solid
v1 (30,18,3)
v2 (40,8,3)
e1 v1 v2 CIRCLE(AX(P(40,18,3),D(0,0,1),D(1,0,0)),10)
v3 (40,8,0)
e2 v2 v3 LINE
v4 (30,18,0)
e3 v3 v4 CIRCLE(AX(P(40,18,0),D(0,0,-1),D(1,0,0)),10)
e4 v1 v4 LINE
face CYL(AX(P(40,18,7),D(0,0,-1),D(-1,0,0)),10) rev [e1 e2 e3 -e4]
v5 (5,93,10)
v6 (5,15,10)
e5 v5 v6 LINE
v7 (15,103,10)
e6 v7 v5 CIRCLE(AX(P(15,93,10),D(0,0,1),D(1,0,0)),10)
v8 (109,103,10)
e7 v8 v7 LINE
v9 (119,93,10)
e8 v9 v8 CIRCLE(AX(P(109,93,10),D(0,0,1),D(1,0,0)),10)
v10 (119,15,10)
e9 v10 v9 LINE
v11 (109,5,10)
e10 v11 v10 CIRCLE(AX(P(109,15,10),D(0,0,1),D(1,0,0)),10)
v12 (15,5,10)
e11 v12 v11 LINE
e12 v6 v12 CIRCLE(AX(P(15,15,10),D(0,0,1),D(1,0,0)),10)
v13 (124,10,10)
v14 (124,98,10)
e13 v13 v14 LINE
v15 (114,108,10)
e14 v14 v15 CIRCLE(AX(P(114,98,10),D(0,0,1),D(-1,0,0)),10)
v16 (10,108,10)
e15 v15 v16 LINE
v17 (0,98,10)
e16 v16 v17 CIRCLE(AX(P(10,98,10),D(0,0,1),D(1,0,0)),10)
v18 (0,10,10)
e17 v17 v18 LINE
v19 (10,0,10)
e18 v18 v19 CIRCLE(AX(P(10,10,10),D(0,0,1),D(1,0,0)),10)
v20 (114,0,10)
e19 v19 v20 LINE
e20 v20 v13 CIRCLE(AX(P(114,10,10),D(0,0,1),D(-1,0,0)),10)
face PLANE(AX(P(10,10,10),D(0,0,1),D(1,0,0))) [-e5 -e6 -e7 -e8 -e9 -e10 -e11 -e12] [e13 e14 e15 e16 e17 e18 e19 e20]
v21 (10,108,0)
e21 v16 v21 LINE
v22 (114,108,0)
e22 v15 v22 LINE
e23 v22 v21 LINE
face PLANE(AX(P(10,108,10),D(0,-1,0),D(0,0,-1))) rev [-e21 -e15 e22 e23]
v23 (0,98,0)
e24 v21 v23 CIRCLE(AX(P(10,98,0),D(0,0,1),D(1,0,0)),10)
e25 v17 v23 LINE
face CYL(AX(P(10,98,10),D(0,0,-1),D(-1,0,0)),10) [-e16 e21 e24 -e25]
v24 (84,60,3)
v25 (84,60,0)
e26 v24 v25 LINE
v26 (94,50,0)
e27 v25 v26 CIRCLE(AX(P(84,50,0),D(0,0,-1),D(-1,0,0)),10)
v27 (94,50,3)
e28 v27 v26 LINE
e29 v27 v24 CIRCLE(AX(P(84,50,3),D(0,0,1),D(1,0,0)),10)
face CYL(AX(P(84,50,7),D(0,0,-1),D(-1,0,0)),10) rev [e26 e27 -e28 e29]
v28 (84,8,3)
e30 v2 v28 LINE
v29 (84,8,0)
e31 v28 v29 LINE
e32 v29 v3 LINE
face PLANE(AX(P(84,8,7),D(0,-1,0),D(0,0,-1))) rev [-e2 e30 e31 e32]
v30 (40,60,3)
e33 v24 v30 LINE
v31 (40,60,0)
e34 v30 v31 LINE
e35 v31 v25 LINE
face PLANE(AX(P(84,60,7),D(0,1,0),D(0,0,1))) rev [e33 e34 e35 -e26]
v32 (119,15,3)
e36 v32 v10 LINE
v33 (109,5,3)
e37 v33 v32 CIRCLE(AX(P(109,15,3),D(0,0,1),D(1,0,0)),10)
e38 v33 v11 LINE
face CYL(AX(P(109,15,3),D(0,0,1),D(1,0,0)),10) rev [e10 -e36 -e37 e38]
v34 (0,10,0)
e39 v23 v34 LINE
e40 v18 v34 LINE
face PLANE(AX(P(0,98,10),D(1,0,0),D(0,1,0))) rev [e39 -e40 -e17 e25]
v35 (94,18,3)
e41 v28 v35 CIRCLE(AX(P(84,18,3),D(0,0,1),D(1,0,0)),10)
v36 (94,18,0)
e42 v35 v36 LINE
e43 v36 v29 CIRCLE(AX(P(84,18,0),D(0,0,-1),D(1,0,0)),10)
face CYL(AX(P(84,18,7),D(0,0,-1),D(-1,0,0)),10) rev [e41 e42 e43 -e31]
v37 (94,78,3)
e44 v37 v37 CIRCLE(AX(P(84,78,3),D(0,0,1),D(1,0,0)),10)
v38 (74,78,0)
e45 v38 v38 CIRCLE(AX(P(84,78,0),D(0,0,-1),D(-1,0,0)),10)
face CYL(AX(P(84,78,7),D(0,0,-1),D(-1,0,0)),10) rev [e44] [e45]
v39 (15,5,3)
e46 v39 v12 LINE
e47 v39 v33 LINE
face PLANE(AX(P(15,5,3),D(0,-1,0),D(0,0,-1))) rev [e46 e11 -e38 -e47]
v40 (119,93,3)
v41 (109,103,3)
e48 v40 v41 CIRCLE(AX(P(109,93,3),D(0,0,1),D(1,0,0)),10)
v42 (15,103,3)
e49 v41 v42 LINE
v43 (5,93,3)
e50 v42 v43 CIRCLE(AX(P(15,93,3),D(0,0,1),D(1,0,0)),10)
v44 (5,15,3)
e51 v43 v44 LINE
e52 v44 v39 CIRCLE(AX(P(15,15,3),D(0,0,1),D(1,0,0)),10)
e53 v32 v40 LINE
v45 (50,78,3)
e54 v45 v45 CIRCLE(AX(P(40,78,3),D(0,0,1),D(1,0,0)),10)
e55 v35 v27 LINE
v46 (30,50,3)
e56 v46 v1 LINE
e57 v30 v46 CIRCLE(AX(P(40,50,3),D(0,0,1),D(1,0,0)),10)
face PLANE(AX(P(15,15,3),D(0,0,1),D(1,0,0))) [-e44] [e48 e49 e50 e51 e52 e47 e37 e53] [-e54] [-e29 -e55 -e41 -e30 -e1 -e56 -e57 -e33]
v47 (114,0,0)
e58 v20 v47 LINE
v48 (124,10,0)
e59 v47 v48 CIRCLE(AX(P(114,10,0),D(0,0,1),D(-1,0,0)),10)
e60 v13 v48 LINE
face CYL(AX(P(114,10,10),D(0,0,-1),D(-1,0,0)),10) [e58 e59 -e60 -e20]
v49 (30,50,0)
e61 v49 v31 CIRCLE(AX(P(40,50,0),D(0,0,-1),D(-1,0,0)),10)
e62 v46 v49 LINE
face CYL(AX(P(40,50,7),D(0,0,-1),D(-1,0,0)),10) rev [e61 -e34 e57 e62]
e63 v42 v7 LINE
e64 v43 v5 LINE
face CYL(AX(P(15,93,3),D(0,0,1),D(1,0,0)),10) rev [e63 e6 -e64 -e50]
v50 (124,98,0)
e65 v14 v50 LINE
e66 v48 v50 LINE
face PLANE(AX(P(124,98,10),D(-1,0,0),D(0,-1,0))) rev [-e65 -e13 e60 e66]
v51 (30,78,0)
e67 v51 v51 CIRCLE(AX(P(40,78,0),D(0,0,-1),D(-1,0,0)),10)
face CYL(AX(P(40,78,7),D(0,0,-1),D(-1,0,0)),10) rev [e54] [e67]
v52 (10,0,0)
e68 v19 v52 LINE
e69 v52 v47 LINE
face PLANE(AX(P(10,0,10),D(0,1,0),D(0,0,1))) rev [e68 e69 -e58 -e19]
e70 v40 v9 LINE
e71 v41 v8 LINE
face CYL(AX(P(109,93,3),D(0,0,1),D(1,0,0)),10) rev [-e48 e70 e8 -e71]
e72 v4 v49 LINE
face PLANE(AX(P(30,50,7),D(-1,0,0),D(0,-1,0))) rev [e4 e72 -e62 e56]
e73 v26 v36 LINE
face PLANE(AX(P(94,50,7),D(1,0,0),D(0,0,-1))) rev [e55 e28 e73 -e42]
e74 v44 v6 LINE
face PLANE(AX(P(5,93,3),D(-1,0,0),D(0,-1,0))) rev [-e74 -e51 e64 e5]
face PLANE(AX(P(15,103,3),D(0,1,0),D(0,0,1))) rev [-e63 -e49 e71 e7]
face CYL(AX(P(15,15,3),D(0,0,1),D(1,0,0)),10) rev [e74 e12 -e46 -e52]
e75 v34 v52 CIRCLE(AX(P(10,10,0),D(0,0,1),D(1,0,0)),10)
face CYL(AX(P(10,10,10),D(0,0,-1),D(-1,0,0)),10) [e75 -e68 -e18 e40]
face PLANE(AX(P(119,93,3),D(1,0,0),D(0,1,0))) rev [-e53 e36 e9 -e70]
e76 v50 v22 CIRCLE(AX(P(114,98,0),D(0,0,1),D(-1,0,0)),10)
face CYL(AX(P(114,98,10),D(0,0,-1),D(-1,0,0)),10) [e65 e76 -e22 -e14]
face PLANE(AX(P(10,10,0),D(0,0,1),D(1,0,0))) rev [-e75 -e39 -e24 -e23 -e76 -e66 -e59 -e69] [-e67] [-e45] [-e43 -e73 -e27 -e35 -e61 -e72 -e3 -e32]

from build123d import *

# Parameters (mm, degrees)
EXTRUDE_1_DEPTH     = 10
CUT_EXTRUDE_1_DEPTH = 7
CUT_EXTRUDE_2_DEPTH = 7
SKETCH_4_R          = 10
CUT_EXTRUDE_3_DEPTH = 7


with BuildPart() as part:
    # 草图1 → 凸台-拉伸1 (new body)
    with BuildSketch(Plane.XY):
        with BuildLine():
            Line((10, 108), (114, 108))
            ThreePointArc((114, 108), (121.071067812, 105.071067812), (124, 98))
            Line((124, 98), (124, 10))
            ThreePointArc((124, 10), (121.071067812, 2.928932188), (114, 0))
            Line((114, 0), (10, 0))
            ThreePointArc((10, 0), (2.928932188, 2.928932188), (0, 10))
            Line((0, 10), (0, 98))
            ThreePointArc((0, 98), (2.928932188, 105.071067812), (10, 108))
        make_face()
    extrude(amount=EXTRUDE_1_DEPTH)

    # 草图2 → 切除-拉伸1 (cut)
    with BuildSketch(Plane.XY.offset(10)):
        with BuildLine():
            Line((15, 103), (109, 103))
            ThreePointArc((109, 103), (116.071067812, 100.071067812), (119, 93))
            Line((119, 93), (119, 15))
            ThreePointArc((119, 15), (116.071067812, 7.928932188), (109, 5))
            Line((109, 5), (15, 5))
            ThreePointArc((15, 5), (7.928932188, 7.928932188), (5, 15))
            Line((5, 15), (5, 93))
            ThreePointArc((5, 93), (7.928932188, 100.071067812), (15, 103))
        make_face()
    extrude(amount=-CUT_EXTRUDE_1_DEPTH, mode=Mode.SUBTRACT)

    # 草图3 → 切除-拉伸2 (cut)
    with BuildSketch(Plane(origin=(0, 0, 0), x_dir=(-1, 0, 0), z_dir=(0, 0, -1))):
        with BuildLine():
            Line((-84, 60), (-40, 60))
            ThreePointArc((-40, 60), (-32.928932188, 57.071067812), (-30, 50))
            Line((-30, 50), (-30, 18))
            ThreePointArc((-30, 18), (-32.928932188, 10.928932188), (-40, 8))
            Line((-40, 8), (-84, 8))
            ThreePointArc((-84, 8), (-91.071067812, 10.928932188), (-94, 18))
            Line((-94, 18), (-94, 50))
            ThreePointArc((-94, 50), (-91.071067812, 57.071067812), (-84, 60))
        make_face()
    extrude(amount=-CUT_EXTRUDE_2_DEPTH, mode=Mode.SUBTRACT)

    # 草图4 → 切除-拉伸3 (cut)
    with BuildSketch(Plane(origin=(0, 0, 0), x_dir=(-1, 0, 0), z_dir=(0, 0, -1))):
        with Locations((-84, 78)):
            Circle(SKETCH_4_R)
        with Locations((-40, 78)):
            Circle(SKETCH_4_R)
    extrude(amount=-CUT_EXTRUDE_3_DEPTH, mode=Mode.SUBTRACT)


solid = part.part
